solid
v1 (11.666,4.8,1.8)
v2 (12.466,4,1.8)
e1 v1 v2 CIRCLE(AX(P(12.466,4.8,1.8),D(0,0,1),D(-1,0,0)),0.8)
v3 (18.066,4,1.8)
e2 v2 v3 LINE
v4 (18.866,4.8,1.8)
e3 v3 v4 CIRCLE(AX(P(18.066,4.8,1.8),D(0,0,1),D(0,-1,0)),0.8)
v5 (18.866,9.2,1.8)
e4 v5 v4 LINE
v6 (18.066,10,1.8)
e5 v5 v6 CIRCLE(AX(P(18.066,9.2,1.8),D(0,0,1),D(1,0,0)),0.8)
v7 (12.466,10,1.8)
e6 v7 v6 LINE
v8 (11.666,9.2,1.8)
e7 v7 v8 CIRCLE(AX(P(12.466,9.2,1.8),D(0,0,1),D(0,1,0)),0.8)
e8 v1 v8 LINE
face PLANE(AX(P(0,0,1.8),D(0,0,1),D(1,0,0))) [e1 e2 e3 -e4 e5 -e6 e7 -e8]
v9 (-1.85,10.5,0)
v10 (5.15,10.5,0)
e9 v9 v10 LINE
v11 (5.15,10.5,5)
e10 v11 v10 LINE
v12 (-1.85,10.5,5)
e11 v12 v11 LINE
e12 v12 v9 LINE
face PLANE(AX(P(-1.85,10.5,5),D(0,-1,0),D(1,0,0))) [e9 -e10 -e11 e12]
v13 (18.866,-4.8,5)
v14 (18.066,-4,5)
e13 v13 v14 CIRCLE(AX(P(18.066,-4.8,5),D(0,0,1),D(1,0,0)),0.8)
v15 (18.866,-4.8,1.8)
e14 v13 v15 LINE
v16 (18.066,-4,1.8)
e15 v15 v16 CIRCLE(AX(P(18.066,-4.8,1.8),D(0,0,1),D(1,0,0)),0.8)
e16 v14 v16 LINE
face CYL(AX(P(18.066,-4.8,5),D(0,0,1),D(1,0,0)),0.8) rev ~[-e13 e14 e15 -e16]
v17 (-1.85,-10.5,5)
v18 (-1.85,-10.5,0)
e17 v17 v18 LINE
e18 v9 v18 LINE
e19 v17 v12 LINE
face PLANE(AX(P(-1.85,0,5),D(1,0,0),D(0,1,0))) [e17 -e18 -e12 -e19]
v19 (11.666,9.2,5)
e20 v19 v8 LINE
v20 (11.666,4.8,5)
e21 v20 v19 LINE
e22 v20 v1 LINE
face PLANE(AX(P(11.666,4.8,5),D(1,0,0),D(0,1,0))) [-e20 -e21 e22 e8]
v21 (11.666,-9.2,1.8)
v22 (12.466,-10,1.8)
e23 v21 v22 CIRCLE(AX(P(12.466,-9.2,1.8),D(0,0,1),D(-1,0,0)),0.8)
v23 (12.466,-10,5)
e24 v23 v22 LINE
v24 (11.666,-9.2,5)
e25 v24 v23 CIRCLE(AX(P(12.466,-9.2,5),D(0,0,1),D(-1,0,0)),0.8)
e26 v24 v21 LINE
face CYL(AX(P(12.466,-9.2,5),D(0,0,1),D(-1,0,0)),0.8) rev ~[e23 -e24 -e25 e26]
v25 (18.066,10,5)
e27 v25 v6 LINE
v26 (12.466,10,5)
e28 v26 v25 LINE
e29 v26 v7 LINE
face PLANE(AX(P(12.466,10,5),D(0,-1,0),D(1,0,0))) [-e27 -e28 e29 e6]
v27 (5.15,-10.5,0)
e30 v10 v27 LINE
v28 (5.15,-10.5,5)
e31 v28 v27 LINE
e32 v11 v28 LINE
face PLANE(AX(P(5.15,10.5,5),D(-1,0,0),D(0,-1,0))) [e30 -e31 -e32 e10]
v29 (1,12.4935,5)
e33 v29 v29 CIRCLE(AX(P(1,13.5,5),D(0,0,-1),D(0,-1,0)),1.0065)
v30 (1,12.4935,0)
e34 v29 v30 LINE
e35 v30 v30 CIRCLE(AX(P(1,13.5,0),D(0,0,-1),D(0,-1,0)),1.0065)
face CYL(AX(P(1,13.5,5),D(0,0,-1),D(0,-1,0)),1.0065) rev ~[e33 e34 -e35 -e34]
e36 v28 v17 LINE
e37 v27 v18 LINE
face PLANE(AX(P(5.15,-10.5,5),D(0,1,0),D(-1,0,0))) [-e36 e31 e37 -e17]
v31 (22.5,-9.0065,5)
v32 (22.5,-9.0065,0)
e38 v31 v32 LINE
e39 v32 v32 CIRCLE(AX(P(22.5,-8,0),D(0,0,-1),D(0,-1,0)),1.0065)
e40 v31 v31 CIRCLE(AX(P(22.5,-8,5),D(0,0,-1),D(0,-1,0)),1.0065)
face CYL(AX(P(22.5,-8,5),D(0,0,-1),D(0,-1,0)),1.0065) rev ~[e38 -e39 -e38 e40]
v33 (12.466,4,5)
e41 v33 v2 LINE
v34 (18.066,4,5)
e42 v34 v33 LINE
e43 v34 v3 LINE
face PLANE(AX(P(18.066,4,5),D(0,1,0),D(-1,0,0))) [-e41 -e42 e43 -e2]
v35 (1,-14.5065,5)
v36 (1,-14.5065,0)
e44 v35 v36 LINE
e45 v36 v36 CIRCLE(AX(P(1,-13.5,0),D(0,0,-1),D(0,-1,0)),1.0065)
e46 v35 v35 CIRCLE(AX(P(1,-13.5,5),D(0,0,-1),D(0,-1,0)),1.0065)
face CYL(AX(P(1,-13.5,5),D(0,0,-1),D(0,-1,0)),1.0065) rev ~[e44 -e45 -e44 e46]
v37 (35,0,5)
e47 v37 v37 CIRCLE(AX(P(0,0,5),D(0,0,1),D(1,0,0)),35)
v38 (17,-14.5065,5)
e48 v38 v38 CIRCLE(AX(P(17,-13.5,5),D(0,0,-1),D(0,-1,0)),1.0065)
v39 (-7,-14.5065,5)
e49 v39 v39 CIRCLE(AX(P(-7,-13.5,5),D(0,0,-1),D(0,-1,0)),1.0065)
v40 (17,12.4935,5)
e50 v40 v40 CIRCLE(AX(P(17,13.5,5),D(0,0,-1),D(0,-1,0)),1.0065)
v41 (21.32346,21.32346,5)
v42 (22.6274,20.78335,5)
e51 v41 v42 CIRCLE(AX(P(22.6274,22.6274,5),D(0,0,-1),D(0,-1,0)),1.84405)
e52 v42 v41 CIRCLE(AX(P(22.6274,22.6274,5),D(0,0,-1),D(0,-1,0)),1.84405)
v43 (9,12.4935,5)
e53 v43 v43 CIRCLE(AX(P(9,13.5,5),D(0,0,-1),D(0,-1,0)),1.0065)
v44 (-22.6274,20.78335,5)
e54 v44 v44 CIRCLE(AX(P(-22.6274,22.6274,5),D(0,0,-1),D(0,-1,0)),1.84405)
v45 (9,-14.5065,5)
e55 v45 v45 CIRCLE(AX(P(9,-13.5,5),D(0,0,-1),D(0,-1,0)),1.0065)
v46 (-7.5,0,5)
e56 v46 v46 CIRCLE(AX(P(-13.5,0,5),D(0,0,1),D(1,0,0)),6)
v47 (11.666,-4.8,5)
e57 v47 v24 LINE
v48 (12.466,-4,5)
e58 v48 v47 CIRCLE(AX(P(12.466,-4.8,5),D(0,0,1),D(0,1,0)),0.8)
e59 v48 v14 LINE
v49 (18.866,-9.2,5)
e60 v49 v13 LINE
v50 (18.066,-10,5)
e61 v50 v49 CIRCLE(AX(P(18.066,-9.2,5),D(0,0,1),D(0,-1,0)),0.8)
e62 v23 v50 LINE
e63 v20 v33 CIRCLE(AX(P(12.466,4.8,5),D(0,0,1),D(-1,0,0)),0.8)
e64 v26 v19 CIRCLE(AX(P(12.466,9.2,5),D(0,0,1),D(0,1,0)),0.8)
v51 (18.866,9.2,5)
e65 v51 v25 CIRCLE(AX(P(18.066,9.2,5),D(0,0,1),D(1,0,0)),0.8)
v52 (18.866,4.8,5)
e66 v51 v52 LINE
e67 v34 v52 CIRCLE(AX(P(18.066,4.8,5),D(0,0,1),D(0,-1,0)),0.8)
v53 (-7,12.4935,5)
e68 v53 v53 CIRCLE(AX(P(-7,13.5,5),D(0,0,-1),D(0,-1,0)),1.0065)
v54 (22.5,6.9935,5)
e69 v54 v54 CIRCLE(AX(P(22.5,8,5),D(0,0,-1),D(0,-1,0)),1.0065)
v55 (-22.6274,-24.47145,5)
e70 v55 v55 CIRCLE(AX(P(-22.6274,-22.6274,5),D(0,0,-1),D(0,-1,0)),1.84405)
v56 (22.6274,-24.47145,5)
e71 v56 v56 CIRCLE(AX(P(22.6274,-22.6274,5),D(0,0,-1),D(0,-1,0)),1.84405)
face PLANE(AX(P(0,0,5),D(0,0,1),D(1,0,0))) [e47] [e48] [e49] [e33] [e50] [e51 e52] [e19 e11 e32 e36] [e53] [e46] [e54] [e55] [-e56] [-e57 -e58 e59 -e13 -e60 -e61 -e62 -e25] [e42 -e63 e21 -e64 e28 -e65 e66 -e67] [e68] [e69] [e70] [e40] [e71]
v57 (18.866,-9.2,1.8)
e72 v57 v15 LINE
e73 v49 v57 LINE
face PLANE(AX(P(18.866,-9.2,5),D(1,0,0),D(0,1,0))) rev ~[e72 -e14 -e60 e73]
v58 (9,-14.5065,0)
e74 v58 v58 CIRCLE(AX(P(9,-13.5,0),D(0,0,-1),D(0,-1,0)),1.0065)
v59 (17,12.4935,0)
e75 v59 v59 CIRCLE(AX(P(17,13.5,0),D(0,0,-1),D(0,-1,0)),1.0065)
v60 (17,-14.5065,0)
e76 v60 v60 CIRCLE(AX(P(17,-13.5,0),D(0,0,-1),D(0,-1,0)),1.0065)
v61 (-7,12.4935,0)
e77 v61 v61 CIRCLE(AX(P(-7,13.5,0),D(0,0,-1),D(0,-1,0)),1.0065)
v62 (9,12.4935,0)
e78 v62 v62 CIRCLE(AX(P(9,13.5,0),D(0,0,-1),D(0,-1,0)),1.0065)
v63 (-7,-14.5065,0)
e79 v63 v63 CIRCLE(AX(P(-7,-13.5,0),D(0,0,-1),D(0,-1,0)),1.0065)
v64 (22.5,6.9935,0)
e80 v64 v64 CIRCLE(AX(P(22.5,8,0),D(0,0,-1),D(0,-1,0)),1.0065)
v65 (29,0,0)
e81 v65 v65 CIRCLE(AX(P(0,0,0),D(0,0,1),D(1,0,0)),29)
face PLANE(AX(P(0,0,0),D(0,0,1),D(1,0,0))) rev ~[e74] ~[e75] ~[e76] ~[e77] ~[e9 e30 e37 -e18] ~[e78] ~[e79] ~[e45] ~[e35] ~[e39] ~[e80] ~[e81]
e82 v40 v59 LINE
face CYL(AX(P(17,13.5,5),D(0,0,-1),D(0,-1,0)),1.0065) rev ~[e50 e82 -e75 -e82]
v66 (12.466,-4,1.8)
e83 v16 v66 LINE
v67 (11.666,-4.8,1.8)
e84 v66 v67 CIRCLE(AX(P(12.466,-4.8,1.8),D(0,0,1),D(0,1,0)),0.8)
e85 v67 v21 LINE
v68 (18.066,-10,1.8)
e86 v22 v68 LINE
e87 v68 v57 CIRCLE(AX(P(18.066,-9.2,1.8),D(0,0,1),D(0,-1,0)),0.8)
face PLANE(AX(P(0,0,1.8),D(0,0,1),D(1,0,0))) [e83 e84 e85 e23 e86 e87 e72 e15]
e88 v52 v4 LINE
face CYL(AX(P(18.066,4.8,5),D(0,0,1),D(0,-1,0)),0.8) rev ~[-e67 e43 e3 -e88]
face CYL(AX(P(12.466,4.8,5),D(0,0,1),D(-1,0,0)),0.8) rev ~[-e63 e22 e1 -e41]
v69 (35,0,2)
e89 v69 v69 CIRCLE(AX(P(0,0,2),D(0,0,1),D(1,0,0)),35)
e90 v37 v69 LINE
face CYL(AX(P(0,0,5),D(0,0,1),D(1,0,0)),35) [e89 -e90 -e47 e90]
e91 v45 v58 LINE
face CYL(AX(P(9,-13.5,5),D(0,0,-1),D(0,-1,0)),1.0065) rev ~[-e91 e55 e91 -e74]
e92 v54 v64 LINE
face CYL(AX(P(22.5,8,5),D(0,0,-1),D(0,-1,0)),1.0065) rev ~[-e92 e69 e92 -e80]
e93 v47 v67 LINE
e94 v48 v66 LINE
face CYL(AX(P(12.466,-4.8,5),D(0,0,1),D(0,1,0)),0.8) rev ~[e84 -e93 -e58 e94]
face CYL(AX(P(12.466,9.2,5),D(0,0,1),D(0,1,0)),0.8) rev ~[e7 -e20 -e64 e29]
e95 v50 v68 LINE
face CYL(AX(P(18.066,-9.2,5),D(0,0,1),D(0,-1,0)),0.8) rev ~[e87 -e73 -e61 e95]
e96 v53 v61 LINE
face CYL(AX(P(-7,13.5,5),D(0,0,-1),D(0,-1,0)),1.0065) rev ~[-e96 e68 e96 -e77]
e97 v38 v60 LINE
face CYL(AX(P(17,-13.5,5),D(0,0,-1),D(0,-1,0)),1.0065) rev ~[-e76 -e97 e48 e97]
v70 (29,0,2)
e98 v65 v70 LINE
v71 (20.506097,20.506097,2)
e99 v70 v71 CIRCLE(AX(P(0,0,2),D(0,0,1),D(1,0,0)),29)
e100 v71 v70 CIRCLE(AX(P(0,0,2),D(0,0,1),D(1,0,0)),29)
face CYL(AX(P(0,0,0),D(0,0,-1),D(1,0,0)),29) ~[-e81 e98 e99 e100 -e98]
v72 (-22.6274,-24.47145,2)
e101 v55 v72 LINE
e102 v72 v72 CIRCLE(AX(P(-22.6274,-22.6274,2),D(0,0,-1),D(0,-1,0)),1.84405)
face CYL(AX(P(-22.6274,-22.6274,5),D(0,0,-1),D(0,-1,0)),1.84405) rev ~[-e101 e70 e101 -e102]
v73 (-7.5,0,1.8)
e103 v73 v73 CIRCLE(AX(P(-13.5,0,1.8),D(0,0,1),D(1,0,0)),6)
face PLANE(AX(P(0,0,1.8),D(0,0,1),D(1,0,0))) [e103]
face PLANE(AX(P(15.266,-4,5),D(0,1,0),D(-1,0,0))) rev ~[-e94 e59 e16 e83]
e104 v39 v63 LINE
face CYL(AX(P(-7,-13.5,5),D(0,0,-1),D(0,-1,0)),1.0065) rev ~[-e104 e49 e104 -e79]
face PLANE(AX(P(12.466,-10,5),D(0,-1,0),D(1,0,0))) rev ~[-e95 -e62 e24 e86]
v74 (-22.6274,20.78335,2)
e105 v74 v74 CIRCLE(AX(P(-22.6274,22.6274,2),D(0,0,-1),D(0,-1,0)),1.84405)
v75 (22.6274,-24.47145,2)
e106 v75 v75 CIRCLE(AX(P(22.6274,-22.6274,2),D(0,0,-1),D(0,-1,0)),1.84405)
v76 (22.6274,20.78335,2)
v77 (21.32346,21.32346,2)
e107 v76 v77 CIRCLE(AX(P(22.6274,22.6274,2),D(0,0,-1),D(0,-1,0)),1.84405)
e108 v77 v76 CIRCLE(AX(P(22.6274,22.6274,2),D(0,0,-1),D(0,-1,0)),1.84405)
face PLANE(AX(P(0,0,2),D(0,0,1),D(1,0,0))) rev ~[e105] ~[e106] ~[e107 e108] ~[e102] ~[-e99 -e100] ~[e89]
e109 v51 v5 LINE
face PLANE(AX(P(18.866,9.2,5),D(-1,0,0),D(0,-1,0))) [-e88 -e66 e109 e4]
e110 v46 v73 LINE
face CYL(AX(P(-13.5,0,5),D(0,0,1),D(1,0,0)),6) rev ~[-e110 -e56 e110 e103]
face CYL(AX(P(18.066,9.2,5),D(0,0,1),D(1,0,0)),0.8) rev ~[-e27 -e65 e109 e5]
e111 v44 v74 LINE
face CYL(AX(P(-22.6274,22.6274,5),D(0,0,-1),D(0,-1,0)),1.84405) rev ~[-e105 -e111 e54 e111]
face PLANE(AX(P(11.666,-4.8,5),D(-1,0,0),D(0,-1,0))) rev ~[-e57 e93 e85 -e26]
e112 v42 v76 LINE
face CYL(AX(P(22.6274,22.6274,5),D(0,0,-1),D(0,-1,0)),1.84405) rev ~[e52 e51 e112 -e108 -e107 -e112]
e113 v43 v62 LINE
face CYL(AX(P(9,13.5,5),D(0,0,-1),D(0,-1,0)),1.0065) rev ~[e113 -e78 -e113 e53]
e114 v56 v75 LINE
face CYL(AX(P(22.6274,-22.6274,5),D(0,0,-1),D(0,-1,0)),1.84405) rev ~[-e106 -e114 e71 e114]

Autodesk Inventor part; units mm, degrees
ref_plane "YZ Plane" through (0, 0, 0) normal (1, 0, 0) x (0, 1, 0)
ref_plane "XZ Plane" through (0, 0, 0) normal (0, 1, 0) x (-1, 0, 0)
ref_plane "XY Plane" through (0, 0, 0) normal (0, 0, 1) x (1, 0, 0)
sketch "Boceto1" plane through (0, 0, 0) normal (0, 0, 1) x (1, 0, 0)
  circle A0 centre (0, 0) radius 29
  dimension "Diametro" = 58
extrude "Extrusión1" add sketch "Boceto1" along normal blind 5
sketch "Boceto2" plane through (0, 0, 5) normal (0, 0, 1) x (1, 0, 0)
  circle A0 centre (1, -13.5) radius 1
  arc A1 (11.666, -9.2) -> (12.466, -10) centre (12.466, -9.2) ccw
  line L0 (5.15, -10.5) -> (-1.85, -10.5)
  circle A2 centre (9, -13.5) radius 1
  line L1 (5.15, 10.5) -> (5.15, -10.5)
  line L2 (25, 16) -> (25, -16)
  line L3 (25, -16) -> (-25, -16)
  line L4 (-25, 16) -> (25, 16)
  line L5 (-25, -16) -> (25, 16) construction
  line L6 (25, -16) -> (-25, 16) construction
  arc A3 (18.866, -4.8) -> (18.066, -4) centre (18.066, -4.8) ccw
  line L7 (18.066, -4) -> (12.466, -4)
  line L8 (12.466, -10) -> (18.066, -10)
  line L9 (15.266, -4) -> (12.466, -4)
  line L10 (11.666, -4.8) -> (11.666, -9.2)
  line L11 (18.866, -9.2) -> (18.866, -4.8)
  arc A4 (12.466, -4) -> (11.666, -4.8) centre (12.466, -4.8) ccw
  line L12 (-1.85, -10.5) -> (-1.85, 0)
  circle A5 centre (-7, -13.5) radius 1
  line L13 (-25, -16) -> (-25, 16)
  line L14 (-1.85, 0) -> (-1.85, 10.5)
  circle A6 centre (-13.5, 0) radius 6
  circle A7 centre (1, 13.5) radius 1
  line L15 (-1.85, 10.5) -> (5.15, 10.5)
  circle A8 centre (-7, 13.5) radius 1
  arc A9 (18.066, -10) -> (18.866, -9.2) centre (18.066, -9.2) ccw
  circle A10 centre (22.5, -8) radius 1
  circle A11 centre (17, -13.5) radius 1
  circle A12 centre (9, 13.5) radius 1
  arc A13 (12.466, 10) -> (11.666, 9.2) centre (12.466, 9.2) ccw
  line L16 (11.666, 4.8) -> (11.666, 9.2)
  arc A14 (11.666, 4.8) -> (12.466, 4) centre (12.466, 4.8) ccw
  circle A15 centre (17, 13.5) radius 1
  line L17 (15.266, 4) -> (12.466, 4)
  line L18 (12.466, 10) -> (18.066, 10)
  arc A16 (18.866, 9.2) -> (18.066, 10) centre (18.066, 9.2) ccw
  line L19 (18.066, 4) -> (15.266, 4)
  line L20 (18.866, 9.2) -> (18.866, 4.8)
  arc A17 (18.066, 4) -> (18.866, 4.8) centre (18.066, 4.8) ccw
  circle A18 centre (22.5, 8) radius 1
  point P0 (0, 0)
  dimension "d3" = 50
  dimension "d4" = 32
  dimension "d5" = 12
  dimension "d6" = 11.65
  dimension "d7" = 10.5
  dimension "d8" = 7
  dimension "d9" = 21
  dimension "d10" = 2.8
  dimension "d11" = 4.4
  dimension "d12" = 5.6
  dimension "d13" = 4.4
  dimension "d14" = 0.8
  dimension "d15" = 0.8
  dimension "d16" = 0.8
  dimension "d17" = 0.8
  dimension "d18" = 0.8
  dimension "d19" = 0.8
  dimension "d20" = 2
  dimension "d21" = 2
  dimension "d22" = 2
  dimension "d23" = 2
  dimension "d24" = 2
  dimension "d25" = 2
  dimension "d26" = 2
  dimension "d27" = 2
  dimension "d28" = 2
  dimension "d29" = 2
extrude "Extrusión2" cut sketch "Boceto2" against normal blind 3.2 contours L10 A4 L7 A3 L11 A9 L8 A1 | A6 | L18 A16 L20 A17 L19 L17 A14 L16 A13
extrude "Extrusión3" cut sketch "Boceto2" against normal blind 5 contours L0 L12 L14 L15 L1
sketch "Boceto3" plane through (0, 0, 5) normal (0, 0, 1) x (1, 0, 0)
  circle A0 centre (0, 0) radius 35
  circle A1 centre (0, 0) radius 29
  line L0 (0, 0) -> (22.6274, 22.6274)
  line L1 (0, 0) -> (32, 0) construction
  circle A2 centre (22.6274, 22.6274) radius 1.5
  circle A3 centre (-22.6274, 22.6274) radius 1.5
  circle A4 centre (-22.6274, -22.6274) radius 1.5
  circle A5 centre (22.6274, -22.6274) radius 1.5
  dimension "d34" = 70
  dimension "d35" = 58
  dimension "d40" = 32
  dimension "d41" = 45
  dimension "d42" = 3
  dimension "d45" = 360
extrude "Extrusión4" add sketch "Boceto3" against normal blind 3 contours A0 | A2 | A3 | A4 | A5
hole "Agujero1" at (22.6274, 22.6274, 5) at (-22.6274, 22.6274, 5) at (-22.6274, -22.6274, 5) at (22.6274, -22.6274, 5) direction (0, 0, -1) diameter 3.6881 depth 13 thread size "M4.5x0.75" class "6H" standard "ISO Metric profile"
hole "Agujero2" at (-7, -13.5, 5) at (1, -13.5, 5) at (9, -13.5, 5) at (17, -13.5, 5) at (22.5, -8, 5) at (22.5, 8, 5) at (17, 13.5, 5) at (9, 13.5, 5) at (1, 13.5, 5) at (-7, 13.5, 5) direction (0, 0, -1) diameter 2.013 depth 7.6 thread size "M2.5x0.45" class "6H" standard "ISO Metric profile"
equation "\"d35\" = Diametro"
properties part number "TE_01" material "PETG"
